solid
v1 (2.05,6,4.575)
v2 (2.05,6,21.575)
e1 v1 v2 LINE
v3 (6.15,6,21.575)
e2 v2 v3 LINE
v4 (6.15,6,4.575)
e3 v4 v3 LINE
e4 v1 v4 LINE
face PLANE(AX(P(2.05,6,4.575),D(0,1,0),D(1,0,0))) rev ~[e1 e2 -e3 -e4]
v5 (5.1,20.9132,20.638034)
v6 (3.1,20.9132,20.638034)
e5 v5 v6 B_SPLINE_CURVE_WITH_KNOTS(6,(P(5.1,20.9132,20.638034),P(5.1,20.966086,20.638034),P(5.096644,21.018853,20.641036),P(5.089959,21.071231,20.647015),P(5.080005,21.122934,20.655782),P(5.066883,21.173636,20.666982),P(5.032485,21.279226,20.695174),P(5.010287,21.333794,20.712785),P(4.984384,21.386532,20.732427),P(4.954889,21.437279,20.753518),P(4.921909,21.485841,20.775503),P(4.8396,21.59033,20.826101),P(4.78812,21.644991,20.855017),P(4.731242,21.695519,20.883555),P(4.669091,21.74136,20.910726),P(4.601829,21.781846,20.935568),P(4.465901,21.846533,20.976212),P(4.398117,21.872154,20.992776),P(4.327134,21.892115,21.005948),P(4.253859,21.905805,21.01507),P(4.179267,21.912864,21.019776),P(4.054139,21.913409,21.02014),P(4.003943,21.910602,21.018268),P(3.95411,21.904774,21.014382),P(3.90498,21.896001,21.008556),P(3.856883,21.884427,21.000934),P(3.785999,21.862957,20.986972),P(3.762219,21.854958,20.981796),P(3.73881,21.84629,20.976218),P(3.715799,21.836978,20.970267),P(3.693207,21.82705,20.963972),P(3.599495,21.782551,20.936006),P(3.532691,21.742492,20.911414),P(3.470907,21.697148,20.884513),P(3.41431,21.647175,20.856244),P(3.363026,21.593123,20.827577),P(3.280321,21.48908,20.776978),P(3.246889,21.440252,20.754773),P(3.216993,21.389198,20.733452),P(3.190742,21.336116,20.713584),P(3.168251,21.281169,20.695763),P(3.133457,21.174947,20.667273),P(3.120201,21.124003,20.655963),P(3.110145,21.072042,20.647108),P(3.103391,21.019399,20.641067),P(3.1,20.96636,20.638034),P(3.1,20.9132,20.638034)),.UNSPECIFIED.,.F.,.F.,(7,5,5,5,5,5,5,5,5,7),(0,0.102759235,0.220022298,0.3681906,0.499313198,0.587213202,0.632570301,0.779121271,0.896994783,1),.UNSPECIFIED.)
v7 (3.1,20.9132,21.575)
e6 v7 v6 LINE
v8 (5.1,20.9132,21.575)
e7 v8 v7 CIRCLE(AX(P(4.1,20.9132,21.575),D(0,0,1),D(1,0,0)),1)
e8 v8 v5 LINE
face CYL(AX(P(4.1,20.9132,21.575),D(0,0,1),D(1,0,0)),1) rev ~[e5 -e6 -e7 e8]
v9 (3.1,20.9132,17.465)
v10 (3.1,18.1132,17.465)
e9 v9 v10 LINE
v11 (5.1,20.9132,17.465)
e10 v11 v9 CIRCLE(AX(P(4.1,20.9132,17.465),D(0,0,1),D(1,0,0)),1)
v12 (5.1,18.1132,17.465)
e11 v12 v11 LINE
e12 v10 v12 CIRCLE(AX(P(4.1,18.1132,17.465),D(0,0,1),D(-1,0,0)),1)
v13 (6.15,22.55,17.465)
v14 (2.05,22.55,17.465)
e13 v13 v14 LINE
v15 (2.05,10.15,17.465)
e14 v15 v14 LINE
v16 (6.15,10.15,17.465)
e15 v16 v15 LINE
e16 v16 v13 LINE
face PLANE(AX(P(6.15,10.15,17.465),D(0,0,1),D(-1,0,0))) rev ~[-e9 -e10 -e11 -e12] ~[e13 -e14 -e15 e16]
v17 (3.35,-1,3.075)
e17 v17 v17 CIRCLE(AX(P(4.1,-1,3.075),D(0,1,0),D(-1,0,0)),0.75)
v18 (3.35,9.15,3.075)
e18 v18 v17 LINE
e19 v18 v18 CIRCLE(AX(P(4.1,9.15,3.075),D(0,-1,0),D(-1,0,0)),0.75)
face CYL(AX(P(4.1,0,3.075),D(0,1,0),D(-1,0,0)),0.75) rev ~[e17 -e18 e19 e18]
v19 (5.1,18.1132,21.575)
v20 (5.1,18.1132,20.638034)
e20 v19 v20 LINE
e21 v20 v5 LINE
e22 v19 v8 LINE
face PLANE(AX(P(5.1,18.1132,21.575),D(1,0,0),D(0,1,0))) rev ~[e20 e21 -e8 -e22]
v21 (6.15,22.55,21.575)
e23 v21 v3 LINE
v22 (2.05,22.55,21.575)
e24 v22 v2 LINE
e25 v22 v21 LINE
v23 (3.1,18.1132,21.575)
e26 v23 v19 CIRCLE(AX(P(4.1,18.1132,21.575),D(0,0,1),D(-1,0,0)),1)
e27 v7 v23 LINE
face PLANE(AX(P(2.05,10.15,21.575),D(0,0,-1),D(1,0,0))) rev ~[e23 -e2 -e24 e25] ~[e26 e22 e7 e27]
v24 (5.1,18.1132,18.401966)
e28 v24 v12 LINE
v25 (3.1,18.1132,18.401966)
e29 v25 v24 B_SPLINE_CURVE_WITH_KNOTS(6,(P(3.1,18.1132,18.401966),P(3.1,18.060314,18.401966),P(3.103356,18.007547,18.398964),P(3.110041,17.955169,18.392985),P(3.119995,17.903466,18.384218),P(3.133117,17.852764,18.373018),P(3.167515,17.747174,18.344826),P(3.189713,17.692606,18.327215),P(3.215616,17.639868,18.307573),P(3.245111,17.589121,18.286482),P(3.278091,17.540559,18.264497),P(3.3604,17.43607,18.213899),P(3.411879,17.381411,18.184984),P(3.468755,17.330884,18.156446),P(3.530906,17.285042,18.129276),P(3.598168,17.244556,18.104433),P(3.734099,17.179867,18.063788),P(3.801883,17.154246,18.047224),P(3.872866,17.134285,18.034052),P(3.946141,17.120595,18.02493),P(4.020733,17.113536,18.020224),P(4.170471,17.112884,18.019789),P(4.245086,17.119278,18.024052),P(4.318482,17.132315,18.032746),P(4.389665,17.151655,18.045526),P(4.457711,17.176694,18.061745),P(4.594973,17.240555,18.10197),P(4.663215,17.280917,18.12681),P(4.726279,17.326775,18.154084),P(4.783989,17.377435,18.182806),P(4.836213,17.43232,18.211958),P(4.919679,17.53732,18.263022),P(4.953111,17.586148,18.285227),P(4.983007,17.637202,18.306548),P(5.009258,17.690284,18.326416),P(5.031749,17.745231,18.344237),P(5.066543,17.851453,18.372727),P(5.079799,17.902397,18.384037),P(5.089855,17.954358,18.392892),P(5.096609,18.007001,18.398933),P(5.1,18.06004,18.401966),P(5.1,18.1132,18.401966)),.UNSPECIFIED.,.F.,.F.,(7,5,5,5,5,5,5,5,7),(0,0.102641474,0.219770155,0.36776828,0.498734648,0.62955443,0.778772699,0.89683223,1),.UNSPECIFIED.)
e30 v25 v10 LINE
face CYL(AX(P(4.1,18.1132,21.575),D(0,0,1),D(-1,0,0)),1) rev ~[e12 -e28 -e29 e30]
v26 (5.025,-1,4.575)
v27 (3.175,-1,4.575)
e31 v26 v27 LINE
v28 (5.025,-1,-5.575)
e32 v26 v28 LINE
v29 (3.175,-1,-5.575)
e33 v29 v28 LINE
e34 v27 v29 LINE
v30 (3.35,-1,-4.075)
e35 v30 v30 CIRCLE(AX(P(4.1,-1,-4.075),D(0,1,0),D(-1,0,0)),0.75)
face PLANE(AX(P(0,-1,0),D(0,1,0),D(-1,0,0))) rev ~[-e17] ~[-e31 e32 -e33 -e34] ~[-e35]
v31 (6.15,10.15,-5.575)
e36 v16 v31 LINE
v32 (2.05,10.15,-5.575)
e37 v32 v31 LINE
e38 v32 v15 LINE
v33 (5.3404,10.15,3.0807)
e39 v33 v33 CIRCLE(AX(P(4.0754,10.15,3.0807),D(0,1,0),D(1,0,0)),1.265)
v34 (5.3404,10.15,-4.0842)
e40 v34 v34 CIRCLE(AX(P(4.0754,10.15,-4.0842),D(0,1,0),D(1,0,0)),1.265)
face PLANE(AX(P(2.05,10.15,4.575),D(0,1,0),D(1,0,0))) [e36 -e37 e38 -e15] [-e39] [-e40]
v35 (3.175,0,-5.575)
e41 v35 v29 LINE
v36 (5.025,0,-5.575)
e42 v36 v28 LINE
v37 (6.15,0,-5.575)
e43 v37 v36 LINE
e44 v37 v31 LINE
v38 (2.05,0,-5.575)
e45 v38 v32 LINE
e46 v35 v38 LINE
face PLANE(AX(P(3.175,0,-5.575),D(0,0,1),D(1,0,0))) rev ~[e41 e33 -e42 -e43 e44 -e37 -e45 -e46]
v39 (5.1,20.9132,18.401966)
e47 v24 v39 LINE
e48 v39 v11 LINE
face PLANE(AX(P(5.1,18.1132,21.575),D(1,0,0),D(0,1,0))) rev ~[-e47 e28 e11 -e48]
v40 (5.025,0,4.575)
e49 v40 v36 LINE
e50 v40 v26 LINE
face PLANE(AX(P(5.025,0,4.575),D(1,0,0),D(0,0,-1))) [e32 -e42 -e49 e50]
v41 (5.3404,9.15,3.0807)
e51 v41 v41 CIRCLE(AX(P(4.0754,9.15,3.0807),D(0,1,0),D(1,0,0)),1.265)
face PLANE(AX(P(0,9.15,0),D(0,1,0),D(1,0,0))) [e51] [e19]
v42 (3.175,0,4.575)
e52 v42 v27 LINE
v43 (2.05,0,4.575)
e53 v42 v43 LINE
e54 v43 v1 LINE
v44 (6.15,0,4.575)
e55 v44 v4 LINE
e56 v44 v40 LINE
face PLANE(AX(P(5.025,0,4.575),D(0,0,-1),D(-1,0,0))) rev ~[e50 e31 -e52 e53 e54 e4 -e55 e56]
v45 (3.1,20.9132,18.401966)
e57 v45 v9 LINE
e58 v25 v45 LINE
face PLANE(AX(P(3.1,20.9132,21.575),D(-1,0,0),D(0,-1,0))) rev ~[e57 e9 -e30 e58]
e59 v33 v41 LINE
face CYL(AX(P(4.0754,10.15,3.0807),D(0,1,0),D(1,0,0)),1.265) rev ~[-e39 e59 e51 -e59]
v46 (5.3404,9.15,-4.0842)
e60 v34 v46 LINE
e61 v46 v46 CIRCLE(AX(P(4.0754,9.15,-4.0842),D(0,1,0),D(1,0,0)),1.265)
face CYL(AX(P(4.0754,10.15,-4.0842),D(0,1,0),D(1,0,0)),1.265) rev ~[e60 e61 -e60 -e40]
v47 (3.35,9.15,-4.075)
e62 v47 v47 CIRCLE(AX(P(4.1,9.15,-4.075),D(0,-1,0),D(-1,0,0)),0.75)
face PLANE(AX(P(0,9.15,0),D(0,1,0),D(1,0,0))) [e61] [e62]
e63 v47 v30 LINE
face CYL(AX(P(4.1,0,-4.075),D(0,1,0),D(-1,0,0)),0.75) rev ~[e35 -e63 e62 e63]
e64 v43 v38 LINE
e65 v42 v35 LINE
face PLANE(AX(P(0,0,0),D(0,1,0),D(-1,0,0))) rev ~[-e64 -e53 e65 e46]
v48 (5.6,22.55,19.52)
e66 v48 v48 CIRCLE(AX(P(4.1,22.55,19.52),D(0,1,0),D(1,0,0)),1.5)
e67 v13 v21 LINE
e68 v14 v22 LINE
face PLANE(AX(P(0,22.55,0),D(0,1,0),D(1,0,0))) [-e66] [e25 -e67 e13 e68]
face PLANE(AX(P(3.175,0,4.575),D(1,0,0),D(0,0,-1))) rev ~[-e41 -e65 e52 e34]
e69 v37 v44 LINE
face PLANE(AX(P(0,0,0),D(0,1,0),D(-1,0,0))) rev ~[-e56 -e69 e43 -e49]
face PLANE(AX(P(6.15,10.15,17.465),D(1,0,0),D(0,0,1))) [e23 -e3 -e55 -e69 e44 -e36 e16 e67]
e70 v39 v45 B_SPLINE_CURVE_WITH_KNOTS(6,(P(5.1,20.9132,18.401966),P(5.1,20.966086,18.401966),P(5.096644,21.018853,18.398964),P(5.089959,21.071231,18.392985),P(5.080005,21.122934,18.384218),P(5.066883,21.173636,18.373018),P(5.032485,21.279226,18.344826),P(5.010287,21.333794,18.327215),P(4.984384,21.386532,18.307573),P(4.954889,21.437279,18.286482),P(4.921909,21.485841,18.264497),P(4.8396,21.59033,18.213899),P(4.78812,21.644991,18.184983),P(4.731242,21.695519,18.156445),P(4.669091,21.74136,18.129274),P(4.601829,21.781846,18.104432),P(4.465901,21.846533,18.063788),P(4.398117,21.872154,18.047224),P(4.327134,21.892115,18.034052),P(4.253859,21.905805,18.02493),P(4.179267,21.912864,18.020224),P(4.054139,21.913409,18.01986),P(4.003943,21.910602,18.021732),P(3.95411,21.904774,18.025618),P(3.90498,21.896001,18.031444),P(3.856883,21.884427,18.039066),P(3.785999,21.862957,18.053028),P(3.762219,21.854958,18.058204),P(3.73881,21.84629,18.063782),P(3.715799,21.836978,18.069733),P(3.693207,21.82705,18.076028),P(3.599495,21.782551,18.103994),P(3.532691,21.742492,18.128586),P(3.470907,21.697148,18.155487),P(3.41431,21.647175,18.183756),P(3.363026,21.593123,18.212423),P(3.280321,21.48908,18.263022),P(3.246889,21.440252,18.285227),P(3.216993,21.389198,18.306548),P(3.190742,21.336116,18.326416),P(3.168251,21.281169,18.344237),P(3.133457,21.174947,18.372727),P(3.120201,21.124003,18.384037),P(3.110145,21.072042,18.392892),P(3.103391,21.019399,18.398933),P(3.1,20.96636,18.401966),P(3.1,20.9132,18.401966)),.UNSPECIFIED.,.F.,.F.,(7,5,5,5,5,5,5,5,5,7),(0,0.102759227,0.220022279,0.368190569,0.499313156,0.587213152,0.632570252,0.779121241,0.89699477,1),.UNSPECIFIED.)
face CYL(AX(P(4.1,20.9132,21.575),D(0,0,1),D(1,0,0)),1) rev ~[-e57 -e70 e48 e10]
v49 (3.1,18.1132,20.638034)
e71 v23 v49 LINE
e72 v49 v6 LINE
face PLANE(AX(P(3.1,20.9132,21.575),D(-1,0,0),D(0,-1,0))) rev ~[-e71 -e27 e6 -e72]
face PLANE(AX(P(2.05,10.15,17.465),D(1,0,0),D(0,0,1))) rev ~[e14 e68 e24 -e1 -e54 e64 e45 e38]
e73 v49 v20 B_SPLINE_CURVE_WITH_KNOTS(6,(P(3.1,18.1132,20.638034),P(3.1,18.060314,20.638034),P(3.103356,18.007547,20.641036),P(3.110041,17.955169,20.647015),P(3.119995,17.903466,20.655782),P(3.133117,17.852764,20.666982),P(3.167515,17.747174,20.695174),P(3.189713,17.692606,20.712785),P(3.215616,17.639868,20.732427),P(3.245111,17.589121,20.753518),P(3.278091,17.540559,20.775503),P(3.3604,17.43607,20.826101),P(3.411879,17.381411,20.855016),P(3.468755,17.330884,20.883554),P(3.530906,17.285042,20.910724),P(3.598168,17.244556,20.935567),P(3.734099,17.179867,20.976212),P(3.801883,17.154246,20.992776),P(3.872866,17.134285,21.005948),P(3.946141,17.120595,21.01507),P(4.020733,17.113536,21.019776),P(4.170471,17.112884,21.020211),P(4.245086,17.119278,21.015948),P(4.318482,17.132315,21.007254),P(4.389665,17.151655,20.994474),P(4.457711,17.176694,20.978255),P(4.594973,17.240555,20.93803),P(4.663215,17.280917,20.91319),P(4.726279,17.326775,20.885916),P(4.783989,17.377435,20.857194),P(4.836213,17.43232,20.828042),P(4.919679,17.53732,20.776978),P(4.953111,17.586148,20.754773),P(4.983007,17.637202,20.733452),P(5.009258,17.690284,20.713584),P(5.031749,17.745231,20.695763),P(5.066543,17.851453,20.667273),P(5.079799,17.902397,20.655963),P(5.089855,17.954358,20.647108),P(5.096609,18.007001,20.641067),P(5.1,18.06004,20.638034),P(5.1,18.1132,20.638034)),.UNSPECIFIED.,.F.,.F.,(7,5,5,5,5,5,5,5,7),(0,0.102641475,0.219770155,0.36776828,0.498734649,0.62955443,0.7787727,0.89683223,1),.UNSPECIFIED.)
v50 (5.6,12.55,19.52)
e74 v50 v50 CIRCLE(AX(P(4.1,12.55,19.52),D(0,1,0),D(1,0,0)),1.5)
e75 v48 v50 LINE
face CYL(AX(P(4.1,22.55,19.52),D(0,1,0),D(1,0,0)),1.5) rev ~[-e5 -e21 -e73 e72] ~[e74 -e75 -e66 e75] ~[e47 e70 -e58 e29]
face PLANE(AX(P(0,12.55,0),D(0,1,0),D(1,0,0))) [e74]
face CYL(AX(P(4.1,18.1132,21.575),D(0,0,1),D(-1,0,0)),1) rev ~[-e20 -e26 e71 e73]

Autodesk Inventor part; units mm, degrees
ref_plane "YZ Plane" through (0, 0, 0) normal (1, 0, 0) x (0, 1, 0)
ref_plane "XZ Plane" through (0, 0, 0) normal (0, 1, 0) x (-1, 0, 0)
ref_plane "XY Plane" through (0, 0, 0) normal (0, 0, 1) x (1, 0, 0)
sketch "Sketch1" plane through (0, 0, 0) normal (0, 1, 0) x (-1, 0, 0)
  line L0 (-2.05, -5.575) -> (-6.15, -5.575)
  line L1 (-6.15, -5.575) -> (-6.15, 4.575)
  line L2 (-6.15, 4.575) -> (-2.05, 4.575)
  line L3 (-2.05, 4.575) -> (-2.05, -5.575)
  line L4 (-3.175, 4.575) -> (-5.025, 4.575)
  line L5 (-3.175, 4.575) -> (-3.175, -5.575)
  line L6 (-5.025, 4.575) -> (-5.025, -5.575)
  circle A0 centre (-4.1, 3.075) radius 0.75
  circle A1 centre (-4.1, -4.075) radius 0.75
  point P0 (-4.1, 4.575)
  point P1 (-4.1, -5.575)
  point P2 (-1.1679, -0.0702)
  point P3 (-4.1, 4.575)
  dimension "d13" = 4.1
  dimension "d14" = 10.15
  dimension "d44" = 1.85
  dimension "d45" = 1.125
  dimension "d46" = 1.5
  dimension "d47" = 1.5
  dimension "d48" = 1.5
  dimension "d49" = 1.5
extrude "Extrusion1" add sketch "Sketch1" along normal blind 10.15
sketch "Sketch11" plane through (2.05, 0, 4.575) normal (0, 0, 1) x (1, 0, 0)
  point P0 (-2.05, 0)
extrude "Extrusion6" add sketch "Sketch1" against normal blind 1 contours L0 L6 L2 L5
sketch "Sketch12" plane through (0, 10.15, 0) normal (0, 1, 0) x (1, 0, 0)
  circle A0 centre (4.0754, 4.0842) radius 1.265
  circle A1 centre (4.0754, -3.0807) radius 1.265
  point P0 (0, 0)
  dimension "d52" = 2.53
  dimension "d53" = 2.53
extrude "Extrusion7" cut sketch "Sketch12" against normal blind 1
sketch "Sketch13" plane through (2.05, 10.15, 4.575) normal (0, 0, 1) x (1, 0, 0)
  line L0 (0, 0) -> (0, -4.15)
  line L1 (0, -10.15) -> (0, 0) projected
  line L2 (0, -4.15) -> (4.1, -4.15)
  line L3 (4.1, -10.15) -> (4.1, 0) projected
  line L4 (4.1, 0) -> (4.1, -4.15)
  line L5 (0, 0) -> (4.1, 0)
  point P0 (-2.05, -10.15)
  dimension "d56" = 4.15
extrude "Extrusion8" add sketch "Sketch13" along normal blind 17
sketch "Sketch14" plane through (0, 10.15, 0) normal (0, 1, 0) x (1, 0, 0)
  line L0 (6.15, 5.575) -> (6.15, -21.575) projected
  line L1 (6.15, -21.575) -> (6.15, -17.465)
  line L2 (6.15, -17.465) -> (2.05, -17.465)
  line L3 (2.05, 5.575) -> (2.05, -21.575) projected
  line L4 (2.05, -21.575) -> (6.15, -21.575)
  point P0 (0, 0)
  dimension "d59" = 4.11
extrude "Extrusion9" add sketch "Sketch14" along normal blind 12.4
sketch "Sketch15" plane through (2.05, 10.15, 21.575) normal (0, 0, 1) x (1, 0, 0)
  line L0 (2.05, 10.7632) -> (2.05, 7.9632) construction
  line L1 (4.1, 0) -> (4.1, 12.4) projected
  line L2 (1.05, 10.7632) -> (1.05, 7.9632)
  line L3 (3.05, 7.9632) -> (3.05, 10.7632)
  arc A0 (3.05, 10.7632) -> (1.05, 10.7632) centre (2.05, 10.7632) ccw
  arc A1 (1.05, 7.9632) -> (3.05, 7.9632) centre (2.05, 7.9632) ccw
  point P0 (-2.05, -10.15)
  point P1 (2.05, 9.3632)
  dimension "d62" = 1.4
  dimension "d63" = 2
  dimension "d64" = 2.05
extrude "Extrusion10" cut sketch "Sketch15" against normal through all
sketch "Sketch16" plane through (0, 22.55, 0) normal (0, 1, 0) x (1, 0, 0)
  circle A0 centre (4.1, -19.52) radius 1.5
  line L0 (2.05, -21.575) -> (6.15, -21.575) projected
  line L1 (6.15, -21.575) -> (6.15, -17.465) projected
  point P0 (0, 0)
  point P1 (4.1, -21.575)
  dimension "d67" = 3
  dimension "d68" = 2.055
  dimension "d69" = 2.05
extrude "Extrusion11" cut sketch "Sketch16" against normal blind 10
equation "\"d13\" = base_width"
equation "\"d14\" = base_length"
equation "\"d45\" = -0.5 * d44 + 0.5 * d13"
equation "\"d4\" = base_length"
equation "\"base_width\" = 4.1"
equation "\"base_length\" = 10.15"
equation "\"base_screw_diameter\" = 1.5"
equation "\"base_screw_spacing_edge\" = 8.5"
properties part number "original_holder"
